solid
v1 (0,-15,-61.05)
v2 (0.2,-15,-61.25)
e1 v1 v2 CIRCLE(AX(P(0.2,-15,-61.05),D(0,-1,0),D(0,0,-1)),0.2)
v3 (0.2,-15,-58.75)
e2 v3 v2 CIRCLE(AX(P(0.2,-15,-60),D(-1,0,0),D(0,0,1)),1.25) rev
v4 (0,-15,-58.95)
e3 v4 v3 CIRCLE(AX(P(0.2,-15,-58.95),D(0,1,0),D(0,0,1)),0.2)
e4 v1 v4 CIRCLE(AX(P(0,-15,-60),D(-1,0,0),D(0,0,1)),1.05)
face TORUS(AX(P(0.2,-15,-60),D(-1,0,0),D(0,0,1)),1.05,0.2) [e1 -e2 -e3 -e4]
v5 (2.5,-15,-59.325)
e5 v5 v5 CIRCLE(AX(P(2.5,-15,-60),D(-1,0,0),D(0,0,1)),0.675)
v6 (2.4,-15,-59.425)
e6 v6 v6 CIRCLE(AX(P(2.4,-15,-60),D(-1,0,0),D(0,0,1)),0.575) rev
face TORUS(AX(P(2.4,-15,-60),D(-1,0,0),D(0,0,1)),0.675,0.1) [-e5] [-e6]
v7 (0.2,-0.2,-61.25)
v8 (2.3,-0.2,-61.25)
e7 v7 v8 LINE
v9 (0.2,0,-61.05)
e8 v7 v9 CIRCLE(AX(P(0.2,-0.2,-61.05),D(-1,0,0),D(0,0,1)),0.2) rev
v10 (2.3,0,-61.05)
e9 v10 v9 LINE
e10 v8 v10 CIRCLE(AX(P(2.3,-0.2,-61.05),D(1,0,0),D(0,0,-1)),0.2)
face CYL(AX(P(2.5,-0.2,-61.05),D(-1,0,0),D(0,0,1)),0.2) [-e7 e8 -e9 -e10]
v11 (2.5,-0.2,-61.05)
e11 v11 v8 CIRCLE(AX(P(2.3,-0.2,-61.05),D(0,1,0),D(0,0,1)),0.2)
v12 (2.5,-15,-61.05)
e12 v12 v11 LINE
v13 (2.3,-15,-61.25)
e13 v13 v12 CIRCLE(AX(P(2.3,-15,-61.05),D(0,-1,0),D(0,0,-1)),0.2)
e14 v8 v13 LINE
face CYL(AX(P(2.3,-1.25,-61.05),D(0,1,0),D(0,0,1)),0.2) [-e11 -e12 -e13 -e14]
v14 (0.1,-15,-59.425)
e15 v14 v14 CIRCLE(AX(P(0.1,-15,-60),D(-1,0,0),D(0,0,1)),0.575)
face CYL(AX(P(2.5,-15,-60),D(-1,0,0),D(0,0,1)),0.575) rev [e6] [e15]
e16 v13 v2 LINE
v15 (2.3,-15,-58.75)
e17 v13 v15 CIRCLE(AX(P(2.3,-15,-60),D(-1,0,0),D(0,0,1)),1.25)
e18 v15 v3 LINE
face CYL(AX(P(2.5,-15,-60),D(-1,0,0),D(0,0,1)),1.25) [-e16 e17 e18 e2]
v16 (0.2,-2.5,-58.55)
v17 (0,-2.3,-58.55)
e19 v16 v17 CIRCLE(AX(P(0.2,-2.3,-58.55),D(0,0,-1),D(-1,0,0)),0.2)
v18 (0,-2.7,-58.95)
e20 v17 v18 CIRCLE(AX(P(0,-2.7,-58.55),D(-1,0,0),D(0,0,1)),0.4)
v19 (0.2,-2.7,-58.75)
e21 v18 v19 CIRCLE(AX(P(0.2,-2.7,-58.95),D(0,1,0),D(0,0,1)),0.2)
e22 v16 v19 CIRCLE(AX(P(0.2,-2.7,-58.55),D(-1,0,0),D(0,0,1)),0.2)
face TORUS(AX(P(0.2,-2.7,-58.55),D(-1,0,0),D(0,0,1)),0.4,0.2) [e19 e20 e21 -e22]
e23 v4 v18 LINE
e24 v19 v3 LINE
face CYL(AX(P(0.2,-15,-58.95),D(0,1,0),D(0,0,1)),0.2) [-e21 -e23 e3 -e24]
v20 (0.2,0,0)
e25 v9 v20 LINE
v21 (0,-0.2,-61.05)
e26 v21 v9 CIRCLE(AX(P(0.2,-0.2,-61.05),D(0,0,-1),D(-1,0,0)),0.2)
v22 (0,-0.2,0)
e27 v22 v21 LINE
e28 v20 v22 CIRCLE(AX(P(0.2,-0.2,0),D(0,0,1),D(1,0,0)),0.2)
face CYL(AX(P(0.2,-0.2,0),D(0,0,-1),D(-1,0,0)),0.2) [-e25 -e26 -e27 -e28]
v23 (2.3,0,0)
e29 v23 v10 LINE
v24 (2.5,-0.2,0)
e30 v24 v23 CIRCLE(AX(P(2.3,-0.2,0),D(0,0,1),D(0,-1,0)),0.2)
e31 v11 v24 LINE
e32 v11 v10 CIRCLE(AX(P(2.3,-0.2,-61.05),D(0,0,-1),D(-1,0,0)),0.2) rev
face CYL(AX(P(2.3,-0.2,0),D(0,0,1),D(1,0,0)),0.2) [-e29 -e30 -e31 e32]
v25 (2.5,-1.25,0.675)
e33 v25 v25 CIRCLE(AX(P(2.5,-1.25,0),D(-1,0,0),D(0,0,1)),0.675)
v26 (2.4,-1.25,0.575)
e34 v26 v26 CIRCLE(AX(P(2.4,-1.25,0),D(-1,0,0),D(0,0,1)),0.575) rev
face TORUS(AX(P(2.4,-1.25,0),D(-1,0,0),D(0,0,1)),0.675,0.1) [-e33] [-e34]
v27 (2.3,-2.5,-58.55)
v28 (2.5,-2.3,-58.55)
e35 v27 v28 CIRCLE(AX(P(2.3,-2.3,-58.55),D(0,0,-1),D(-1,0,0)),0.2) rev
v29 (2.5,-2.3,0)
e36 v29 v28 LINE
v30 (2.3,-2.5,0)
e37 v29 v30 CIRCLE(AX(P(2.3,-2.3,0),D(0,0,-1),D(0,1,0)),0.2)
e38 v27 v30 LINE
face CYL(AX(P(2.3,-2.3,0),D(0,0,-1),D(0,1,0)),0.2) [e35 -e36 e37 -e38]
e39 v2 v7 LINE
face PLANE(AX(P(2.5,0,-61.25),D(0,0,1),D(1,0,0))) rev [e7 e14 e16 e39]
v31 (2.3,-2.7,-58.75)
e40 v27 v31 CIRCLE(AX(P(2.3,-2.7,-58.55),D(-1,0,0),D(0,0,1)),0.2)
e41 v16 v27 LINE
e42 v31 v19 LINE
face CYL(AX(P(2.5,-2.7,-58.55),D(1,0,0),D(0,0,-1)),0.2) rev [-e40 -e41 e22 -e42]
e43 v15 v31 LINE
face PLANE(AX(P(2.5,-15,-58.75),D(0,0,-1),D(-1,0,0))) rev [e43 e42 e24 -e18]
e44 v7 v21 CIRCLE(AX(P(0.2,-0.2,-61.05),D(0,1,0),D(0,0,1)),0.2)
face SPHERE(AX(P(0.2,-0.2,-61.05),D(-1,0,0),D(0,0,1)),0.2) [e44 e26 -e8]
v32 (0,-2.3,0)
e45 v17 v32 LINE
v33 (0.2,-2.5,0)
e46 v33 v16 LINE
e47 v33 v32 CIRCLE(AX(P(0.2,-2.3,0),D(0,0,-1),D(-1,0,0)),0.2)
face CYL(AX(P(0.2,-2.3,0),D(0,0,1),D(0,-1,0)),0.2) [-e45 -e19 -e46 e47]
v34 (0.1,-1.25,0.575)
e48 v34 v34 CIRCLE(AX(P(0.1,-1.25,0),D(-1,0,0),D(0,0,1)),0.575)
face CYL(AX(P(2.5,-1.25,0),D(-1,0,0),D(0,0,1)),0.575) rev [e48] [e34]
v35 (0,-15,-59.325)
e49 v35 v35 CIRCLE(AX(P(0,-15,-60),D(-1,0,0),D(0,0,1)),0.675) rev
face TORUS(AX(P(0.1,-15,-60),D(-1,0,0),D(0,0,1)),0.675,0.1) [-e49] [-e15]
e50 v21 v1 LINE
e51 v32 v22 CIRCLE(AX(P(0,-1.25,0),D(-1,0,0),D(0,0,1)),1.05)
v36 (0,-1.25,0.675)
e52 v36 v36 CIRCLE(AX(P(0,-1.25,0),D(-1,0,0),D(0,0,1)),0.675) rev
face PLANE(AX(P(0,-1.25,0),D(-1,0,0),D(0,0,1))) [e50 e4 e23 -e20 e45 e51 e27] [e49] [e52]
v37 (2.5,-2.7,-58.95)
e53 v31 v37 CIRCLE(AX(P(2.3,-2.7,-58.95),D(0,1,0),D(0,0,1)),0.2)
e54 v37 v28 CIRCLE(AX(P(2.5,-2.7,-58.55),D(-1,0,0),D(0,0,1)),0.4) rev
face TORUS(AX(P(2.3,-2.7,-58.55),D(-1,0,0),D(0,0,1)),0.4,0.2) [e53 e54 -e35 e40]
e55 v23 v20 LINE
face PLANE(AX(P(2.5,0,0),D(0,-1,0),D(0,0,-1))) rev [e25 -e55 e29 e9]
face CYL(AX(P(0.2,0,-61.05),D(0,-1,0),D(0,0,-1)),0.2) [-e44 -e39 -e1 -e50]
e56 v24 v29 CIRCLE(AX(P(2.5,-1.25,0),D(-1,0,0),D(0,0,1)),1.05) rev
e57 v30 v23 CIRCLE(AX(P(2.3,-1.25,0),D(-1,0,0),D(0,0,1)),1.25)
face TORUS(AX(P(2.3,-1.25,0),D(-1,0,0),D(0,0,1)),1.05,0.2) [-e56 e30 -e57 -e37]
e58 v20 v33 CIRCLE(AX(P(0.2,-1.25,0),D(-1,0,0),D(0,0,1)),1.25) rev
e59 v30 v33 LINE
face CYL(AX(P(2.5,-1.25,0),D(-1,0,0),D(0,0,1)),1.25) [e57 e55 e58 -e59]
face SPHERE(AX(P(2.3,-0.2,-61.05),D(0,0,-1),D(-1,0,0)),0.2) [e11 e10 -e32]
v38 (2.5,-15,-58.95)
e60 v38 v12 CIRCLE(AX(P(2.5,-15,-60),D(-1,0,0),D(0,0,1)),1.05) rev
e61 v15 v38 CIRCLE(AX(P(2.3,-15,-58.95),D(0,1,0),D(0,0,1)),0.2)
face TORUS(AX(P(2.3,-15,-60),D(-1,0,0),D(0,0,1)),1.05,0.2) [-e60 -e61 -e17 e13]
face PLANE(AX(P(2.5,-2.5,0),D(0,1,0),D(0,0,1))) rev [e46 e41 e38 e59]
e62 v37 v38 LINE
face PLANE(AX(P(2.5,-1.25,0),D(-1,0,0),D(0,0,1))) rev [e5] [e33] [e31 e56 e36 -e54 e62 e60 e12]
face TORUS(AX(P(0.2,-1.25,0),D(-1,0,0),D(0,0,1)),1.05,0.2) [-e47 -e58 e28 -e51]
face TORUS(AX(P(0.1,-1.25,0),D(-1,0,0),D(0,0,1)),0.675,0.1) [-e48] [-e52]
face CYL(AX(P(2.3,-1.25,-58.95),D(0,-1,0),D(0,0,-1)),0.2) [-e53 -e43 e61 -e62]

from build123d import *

# Parameters (mm, degrees)
SKETCH1_R           = 0.575
BOSS_EXTRUDE1_DEPTH = 2.5
FILLET2_R           = 0.1
FILLET3_R           = 0.2


with BuildPart() as part:
    # Sketch1 → Boss-Extrude1 (new body)
    with BuildSketch(Plane(origin=(0, 0, 0), x_dir=(0, 0, -1), z_dir=(1, 0, 0))):
        with BuildLine():
            Line((0, 0), (60, 0))
            Line((60, 0), (61.25, 0))
            Line((61.25, 0), (61.25, -15))
            ThreePointArc((61.25, -15), (60, -16.25), (58.75, -15))
            Line((58.75, -15), (58.75, -2.5))
            Line((58.75, -2.5), (0, -2.5))
            ThreePointArc((0, -2.5), (-1.25, -1.25), (0, 0))
        make_face()
        with Locations((0, -1.25)):
            Circle(SKETCH1_R, mode=Mode.SUBTRACT)
        with Locations((60, -15)):
            Circle(SKETCH1_R, mode=Mode.SUBTRACT)
    extrude(amount=BOSS_EXTRUDE1_DEPTH)

    # Fillet2
    fillet2_edges = [part.edges().sort_by_distance(p)[0] for p in [
        (0, -1.25, 0.575),
        (2.5, -1.25, 0.575),
        (0, -15, -59.425),
        (2.5, -15, -59.425),
    ]]
    fillet(fillet2_edges, radius=FILLET2_R)

    # Fillet3
    fillet3_edges = [part.edges().sort_by_distance(p)[0] for p in [
        (0, -1.25, 1.25),
        (1.25, 0, -61.25),
        (2.5, -8.75, -58.75),
        (1.25, -2.5, -58.75),
        (2.5, -16.25, -60),
        (2.5, -7.5, -61.25),
        (2.5, 0, -30.625),
        (2.5, -1.25, 1.25),
        (0, 0, -30.625),
        (0, -7.5, -61.25),
        (0, -16.25, -60),
        (2.5, -2.5, -29.375),
        (0, -8.75, -58.75),
        (0, -2.5, -29.375),
    ]]
    fillet(fillet3_edges, radius=FILLET3_R)


solid = part.part
